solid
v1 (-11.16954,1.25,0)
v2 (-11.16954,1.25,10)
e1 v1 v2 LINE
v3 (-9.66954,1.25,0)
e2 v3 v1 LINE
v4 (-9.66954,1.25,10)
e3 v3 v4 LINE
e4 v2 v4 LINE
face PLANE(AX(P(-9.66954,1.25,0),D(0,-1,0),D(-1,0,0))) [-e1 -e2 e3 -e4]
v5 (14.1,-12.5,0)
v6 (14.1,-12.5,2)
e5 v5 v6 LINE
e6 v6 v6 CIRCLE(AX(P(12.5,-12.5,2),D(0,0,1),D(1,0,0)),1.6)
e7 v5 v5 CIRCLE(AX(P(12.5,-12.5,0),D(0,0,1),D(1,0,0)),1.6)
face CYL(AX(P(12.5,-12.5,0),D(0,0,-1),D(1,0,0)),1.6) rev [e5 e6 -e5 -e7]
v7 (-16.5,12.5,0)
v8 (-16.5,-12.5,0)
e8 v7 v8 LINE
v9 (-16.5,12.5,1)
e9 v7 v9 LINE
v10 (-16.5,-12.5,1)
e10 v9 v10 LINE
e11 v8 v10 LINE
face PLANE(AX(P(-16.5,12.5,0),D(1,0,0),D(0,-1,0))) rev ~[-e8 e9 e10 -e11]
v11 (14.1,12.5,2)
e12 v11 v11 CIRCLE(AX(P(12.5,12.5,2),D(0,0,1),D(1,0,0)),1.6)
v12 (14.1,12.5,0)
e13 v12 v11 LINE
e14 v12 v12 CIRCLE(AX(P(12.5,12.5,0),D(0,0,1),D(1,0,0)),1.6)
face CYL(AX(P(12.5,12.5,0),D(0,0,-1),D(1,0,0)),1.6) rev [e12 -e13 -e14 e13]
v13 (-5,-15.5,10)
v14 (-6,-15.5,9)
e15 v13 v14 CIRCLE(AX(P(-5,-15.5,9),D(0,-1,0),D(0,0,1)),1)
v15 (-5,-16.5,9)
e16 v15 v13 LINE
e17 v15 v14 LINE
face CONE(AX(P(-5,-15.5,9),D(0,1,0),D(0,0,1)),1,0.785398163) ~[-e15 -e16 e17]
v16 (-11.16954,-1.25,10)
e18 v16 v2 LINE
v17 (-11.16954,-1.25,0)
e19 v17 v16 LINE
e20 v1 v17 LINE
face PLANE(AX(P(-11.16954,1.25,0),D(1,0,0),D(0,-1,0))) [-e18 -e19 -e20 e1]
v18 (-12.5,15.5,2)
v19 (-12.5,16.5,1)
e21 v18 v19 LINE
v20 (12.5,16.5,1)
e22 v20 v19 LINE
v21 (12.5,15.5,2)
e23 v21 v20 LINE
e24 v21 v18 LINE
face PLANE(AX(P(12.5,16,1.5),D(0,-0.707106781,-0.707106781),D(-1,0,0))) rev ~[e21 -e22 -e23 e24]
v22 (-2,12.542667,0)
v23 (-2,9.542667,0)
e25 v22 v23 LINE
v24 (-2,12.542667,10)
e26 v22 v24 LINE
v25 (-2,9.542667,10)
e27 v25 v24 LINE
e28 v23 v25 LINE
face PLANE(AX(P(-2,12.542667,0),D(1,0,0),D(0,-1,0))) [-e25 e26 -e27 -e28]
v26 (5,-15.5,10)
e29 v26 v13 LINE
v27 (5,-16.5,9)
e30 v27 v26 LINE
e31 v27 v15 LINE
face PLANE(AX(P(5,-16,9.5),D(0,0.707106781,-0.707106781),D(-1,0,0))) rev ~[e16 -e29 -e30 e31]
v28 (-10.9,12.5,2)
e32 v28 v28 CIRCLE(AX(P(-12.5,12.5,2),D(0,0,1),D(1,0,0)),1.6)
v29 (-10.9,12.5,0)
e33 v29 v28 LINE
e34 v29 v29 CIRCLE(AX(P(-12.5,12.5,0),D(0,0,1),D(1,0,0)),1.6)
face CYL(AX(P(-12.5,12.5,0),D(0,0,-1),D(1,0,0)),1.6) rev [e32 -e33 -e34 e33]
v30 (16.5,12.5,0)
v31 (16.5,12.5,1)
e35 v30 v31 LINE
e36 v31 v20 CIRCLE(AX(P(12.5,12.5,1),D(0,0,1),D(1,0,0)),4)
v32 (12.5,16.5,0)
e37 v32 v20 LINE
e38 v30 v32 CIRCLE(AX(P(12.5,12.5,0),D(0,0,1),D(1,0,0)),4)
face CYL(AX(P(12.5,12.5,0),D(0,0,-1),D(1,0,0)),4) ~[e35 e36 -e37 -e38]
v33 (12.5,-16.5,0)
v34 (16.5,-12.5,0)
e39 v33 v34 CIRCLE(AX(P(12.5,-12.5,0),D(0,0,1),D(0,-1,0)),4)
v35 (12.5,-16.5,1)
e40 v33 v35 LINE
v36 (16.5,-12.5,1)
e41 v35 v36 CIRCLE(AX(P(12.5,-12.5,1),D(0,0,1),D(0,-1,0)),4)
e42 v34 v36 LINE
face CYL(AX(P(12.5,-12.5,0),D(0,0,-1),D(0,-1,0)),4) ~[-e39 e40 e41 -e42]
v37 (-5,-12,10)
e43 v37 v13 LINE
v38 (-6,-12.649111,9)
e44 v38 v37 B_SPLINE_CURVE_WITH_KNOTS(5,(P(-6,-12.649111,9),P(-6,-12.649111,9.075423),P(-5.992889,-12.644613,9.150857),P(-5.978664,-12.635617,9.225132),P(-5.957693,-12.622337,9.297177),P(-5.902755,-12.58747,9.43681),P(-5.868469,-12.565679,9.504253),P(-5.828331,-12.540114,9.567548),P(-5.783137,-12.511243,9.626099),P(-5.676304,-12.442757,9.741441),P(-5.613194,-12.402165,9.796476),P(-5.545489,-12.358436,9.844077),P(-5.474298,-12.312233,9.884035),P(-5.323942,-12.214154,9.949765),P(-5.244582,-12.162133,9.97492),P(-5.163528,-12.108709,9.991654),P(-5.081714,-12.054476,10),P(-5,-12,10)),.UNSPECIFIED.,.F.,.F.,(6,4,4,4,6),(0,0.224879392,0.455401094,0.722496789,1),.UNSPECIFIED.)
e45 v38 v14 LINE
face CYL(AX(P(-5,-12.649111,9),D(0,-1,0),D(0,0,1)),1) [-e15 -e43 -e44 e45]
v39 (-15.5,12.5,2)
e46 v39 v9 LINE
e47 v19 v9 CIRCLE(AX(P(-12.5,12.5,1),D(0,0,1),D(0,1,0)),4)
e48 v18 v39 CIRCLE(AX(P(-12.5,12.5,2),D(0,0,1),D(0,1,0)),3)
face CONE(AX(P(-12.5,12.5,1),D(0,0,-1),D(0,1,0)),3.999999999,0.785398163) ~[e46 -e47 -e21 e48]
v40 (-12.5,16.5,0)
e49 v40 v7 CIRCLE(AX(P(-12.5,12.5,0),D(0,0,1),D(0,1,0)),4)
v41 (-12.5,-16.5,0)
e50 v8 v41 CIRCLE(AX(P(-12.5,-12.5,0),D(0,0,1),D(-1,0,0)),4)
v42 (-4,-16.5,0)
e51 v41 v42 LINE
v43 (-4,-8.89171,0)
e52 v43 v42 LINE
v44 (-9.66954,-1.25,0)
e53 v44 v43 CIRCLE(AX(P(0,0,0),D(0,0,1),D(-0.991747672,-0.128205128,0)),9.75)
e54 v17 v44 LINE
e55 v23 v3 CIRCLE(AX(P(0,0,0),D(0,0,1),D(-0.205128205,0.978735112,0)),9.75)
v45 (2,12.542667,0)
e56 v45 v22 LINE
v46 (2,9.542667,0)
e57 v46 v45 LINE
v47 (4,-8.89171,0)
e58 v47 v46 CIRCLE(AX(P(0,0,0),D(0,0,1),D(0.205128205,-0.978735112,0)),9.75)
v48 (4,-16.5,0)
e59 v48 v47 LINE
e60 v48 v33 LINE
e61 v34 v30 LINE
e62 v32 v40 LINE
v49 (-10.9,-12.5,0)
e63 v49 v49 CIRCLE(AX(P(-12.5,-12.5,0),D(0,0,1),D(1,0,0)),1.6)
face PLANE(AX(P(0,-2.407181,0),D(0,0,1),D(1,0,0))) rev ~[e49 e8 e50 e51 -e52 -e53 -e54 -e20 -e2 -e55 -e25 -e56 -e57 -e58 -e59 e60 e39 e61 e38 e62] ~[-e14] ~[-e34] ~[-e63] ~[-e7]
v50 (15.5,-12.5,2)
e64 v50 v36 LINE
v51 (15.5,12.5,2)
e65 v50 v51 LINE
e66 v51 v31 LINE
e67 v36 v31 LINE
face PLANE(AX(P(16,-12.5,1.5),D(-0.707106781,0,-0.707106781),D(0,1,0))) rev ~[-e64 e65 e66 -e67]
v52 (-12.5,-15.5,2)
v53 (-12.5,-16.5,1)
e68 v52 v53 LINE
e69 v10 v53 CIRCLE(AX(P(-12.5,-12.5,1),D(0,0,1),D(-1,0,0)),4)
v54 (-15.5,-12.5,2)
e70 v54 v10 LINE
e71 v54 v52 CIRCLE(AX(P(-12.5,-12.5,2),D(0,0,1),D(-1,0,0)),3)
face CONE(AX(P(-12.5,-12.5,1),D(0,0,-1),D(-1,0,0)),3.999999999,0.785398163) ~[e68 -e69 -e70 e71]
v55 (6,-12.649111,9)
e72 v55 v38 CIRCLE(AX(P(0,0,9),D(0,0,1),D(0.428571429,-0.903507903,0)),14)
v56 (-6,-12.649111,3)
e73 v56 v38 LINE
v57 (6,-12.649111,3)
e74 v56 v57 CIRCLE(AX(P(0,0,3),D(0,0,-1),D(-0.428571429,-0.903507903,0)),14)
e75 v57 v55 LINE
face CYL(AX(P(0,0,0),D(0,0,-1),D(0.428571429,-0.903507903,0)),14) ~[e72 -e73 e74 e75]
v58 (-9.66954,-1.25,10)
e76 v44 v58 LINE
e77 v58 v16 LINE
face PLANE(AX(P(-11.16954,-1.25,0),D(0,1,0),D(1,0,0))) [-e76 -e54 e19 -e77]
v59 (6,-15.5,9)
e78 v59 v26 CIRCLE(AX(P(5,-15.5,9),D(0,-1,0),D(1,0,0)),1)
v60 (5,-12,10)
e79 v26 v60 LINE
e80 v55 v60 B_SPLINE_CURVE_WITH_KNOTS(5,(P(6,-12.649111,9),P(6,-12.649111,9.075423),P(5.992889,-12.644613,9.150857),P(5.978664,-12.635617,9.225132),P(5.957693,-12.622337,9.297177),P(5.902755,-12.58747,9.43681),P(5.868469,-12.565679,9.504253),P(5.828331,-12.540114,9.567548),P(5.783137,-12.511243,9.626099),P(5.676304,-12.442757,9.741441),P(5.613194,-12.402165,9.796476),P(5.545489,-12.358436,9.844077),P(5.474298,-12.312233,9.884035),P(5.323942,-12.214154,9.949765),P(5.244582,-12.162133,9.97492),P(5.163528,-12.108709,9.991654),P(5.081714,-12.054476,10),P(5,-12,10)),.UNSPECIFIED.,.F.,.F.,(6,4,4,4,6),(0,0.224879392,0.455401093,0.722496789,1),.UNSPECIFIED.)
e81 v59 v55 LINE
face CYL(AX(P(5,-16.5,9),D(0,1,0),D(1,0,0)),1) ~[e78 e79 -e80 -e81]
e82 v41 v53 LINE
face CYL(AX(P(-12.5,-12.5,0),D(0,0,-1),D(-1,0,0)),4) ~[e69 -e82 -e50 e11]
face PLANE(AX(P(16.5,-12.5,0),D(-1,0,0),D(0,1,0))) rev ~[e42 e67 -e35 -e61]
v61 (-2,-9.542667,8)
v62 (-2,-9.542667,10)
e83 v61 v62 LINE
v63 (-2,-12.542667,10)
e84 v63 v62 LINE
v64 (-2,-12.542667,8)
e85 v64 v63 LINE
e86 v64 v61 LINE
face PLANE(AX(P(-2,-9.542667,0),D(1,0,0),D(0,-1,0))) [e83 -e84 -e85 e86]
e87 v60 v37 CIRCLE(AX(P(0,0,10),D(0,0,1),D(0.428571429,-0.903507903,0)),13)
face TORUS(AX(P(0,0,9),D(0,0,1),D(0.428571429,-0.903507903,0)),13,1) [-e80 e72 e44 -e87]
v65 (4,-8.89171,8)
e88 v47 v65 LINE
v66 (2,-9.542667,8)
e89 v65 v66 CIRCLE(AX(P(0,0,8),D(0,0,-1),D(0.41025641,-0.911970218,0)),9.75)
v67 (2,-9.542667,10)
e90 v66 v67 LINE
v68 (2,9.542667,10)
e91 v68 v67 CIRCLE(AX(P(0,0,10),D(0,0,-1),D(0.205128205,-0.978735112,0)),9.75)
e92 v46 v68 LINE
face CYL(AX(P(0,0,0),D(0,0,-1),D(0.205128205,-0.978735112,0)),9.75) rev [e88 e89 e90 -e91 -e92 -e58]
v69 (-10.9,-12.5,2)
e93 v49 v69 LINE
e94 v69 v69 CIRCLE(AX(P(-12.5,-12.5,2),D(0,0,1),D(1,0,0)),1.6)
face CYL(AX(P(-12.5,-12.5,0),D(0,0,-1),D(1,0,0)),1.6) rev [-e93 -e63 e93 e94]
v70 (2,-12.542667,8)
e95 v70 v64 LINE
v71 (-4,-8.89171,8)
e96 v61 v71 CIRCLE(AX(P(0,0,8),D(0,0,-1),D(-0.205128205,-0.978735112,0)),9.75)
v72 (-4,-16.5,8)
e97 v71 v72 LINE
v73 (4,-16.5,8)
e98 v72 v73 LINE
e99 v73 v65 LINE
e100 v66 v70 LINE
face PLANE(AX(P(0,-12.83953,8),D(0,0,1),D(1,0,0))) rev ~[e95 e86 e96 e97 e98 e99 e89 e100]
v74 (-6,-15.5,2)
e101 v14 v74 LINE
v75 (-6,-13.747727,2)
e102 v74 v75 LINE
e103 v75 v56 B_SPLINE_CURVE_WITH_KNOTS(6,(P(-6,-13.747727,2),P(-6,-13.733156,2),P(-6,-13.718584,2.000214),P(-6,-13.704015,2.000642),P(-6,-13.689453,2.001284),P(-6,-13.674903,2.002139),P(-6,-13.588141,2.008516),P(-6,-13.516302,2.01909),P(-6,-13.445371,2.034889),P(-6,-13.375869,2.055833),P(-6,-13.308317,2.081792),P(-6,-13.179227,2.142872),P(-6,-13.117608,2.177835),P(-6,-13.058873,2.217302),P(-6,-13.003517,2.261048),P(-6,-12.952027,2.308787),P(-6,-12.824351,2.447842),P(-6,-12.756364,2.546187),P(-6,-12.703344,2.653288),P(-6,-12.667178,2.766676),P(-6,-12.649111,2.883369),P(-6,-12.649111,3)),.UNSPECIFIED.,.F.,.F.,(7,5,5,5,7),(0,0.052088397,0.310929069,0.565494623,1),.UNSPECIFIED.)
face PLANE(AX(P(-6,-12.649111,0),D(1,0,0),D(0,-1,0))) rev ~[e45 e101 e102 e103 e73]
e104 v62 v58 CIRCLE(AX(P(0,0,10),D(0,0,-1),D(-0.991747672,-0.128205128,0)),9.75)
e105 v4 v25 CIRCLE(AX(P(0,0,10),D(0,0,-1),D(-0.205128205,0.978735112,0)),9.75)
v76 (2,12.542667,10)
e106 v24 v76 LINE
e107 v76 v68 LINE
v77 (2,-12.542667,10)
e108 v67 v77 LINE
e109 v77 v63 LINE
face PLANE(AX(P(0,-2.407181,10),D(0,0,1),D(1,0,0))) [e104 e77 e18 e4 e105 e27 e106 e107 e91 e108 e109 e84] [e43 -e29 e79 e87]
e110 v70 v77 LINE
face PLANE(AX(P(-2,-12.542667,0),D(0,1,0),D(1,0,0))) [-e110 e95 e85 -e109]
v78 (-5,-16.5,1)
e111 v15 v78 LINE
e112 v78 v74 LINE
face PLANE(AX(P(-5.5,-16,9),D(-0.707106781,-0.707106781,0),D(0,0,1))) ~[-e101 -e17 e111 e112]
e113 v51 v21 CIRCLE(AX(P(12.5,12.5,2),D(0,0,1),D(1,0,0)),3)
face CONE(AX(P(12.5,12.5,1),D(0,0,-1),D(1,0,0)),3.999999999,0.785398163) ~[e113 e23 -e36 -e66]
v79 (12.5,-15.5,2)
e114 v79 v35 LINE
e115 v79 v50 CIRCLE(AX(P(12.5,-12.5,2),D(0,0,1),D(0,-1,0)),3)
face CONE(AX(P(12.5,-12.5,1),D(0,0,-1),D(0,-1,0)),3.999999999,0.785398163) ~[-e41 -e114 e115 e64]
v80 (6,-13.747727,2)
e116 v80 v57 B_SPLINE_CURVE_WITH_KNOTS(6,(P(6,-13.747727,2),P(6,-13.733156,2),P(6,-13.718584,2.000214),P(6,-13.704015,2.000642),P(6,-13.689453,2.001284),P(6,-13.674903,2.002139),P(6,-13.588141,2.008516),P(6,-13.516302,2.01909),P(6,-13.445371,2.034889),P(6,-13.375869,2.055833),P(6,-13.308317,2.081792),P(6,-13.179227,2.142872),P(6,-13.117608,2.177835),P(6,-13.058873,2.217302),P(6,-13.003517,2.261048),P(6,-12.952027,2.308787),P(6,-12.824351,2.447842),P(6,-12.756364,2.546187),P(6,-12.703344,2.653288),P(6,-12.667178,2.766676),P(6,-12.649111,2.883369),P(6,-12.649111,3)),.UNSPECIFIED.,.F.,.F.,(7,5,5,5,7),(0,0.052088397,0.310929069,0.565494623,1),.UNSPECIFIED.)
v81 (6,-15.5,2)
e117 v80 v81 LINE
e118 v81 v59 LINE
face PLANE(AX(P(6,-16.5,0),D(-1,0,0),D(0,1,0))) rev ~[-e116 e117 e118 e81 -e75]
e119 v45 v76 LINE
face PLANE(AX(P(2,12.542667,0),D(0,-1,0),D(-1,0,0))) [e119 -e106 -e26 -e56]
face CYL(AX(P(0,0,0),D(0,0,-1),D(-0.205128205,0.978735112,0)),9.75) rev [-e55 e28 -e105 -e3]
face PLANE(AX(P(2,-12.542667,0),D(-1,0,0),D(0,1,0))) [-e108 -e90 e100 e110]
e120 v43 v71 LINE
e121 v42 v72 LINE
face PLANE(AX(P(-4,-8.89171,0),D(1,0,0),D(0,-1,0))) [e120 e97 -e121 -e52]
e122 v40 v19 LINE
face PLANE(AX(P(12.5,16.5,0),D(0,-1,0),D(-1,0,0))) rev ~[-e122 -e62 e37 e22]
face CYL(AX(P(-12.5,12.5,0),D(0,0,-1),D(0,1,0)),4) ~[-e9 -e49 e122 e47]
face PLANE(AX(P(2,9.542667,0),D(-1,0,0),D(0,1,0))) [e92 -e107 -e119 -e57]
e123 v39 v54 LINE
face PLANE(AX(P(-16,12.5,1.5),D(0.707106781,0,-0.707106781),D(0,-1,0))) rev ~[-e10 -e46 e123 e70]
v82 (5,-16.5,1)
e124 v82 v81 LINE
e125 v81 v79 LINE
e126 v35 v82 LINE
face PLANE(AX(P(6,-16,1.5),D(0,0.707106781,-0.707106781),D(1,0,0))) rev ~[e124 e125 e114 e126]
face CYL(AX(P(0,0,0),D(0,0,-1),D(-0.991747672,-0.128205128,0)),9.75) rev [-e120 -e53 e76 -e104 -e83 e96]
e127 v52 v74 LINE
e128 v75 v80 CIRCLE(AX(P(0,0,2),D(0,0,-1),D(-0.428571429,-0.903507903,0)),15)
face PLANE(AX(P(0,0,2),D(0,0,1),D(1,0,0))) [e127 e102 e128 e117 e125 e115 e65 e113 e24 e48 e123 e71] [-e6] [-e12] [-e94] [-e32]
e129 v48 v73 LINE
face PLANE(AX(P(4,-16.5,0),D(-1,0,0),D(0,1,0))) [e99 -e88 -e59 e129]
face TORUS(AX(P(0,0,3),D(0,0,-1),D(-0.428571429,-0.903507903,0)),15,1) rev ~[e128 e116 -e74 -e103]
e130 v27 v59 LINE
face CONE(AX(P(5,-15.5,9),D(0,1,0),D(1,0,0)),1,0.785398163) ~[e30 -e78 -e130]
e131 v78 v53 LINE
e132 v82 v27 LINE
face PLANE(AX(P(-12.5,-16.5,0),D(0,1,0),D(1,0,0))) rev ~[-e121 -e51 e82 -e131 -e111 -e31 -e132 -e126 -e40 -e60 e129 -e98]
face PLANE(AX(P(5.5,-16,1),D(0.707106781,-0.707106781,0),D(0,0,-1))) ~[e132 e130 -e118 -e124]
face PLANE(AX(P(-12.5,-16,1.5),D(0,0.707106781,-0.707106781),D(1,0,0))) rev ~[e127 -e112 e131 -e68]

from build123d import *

# Parameters (mm, degrees)
SKETCH1_R           = 1.6
BOSS_EXTRUDE1_DEPTH = 2
BOSS_EXTRUDE3_DEPTH = 10
CUT_EXTRUDE2_DEPTH  = 26.38700455
CUT_EXTRUDE3_DEPTH  = 8
CHAMFER1_SIZE       = 1
FILLET4_R           = 1
CHAMFER2_SIZE       = 1


with BuildPart() as part:
    # Sketch1 → Boss-Extrude1 (new body)
    with BuildSketch(Plane.XY):
        with BuildLine():
            Line((-12.5, -16.5), (12.5, -16.5))
            ThreePointArc((12.5, -16.5), (15.328427125, -15.328427125), (16.5, -12.5))
            Line((16.5, -12.5), (16.5, 12.5))
            ThreePointArc((16.5, 12.5), (15.328427125, 15.328427125), (12.5, 16.5))
            Line((12.5, 16.5), (-12.5, 16.5))
            ThreePointArc((-12.5, 16.5), (-15.328427125, 15.328427125), (-16.5, 12.5))
            Line((-16.5, 12.5), (-16.5, -12.5))
            ThreePointArc((-16.5, -12.5), (-15.328427125, -15.328427125), (-12.5, -16.5))
        make_face()
        with Locations((-12.5, -12.5)):
            Circle(SKETCH1_R, mode=Mode.SUBTRACT)
        with Locations((12.5, -12.5)):
            Circle(SKETCH1_R, mode=Mode.SUBTRACT)
        with Locations((12.5, 12.5)):
            Circle(SKETCH1_R, mode=Mode.SUBTRACT)
        with Locations((-12.5, 12.5)):
            Circle(SKETCH1_R, mode=Mode.SUBTRACT)
    extrude(amount=BOSS_EXTRUDE1_DEPTH)

    # Sketch3 → Boss-Extrude3 (add)
    with BuildSketch(Plane.XY):
        with BuildLine():
            ThreePointArc((6, -12.649110641), (0, 14), (-6, -12.649110641))
            Line((-6, -12.649110641), (-6, -16.5))
            Line((-6, -16.5), (6, -16.5))
            Line((6, -16.5), (6, -12.649110641))
        make_face()
    extrude(amount=BOSS_EXTRUDE3_DEPTH)

    # Sketch3_3 → Cut-Extrude2 (cut, through all)
    with BuildSketch(Plane.XY):
        with BuildLine():
            Line((-11.169539803, -1.25), (-9.669539803, -1.25))
            ThreePointArc((-9.669539803, -1.25), (-7.15797616, -6.620111577), (-2, -9.542667342))
            Line((-2, -9.542667342), (-2, -12.542667342))
            Line((-2, -12.542667342), (2, -12.542667342))
            Line((2, -12.542667342), (2, -9.542667342))
            ThreePointArc((2, -9.542667342), (9.75, 0), (2, 9.542667342))
            Line((2, 9.542667342), (2, 12.542667342))
            Line((2, 12.542667342), (-2, 12.542667342))
            Line((-2, 12.542667342), (-2, 9.542667342))
            ThreePointArc((-2, 9.542667342), (-7.15797616, 6.620111577), (-9.669539803, 1.25))
            Line((-9.669539803, 1.25), (-11.169539803, 1.25))
            Line((-11.169539803, 1.25), (-11.169539803, -1.25))
        make_face()
    extrude(amount=CUT_EXTRUDE2_DEPTH, mode=Mode.SUBTRACT)

    # Sketch3_4 → Cut-Extrude3 (cut)
    with BuildSketch(Plane.XY):
        with BuildLine():
            ThreePointArc((-2, -9.542667342), (-3.017604429, -9.271276261), (-4, -8.891709622))
            Line((-4, -8.891709622), (-4, -16.5))
            Line((-4, -16.5), (4, -16.5))
            Line((4, -16.5), (4, -8.891709622))
            ThreePointArc((4, -8.891709622), (3.017604429, -9.271276261), (2, -9.542667342))
            Line((2, -9.542667342), (2, -12.542667342))
            Line((2, -12.542667342), (-2, -12.542667342))
            Line((-2, -12.542667342), (-2, -9.542667342))
        make_face()
    extrude(amount=CUT_EXTRUDE3_DEPTH, mode=Mode.SUBTRACT)

    # Chamfer1
    chamfer1_edges = [part.edges().sort_by_distance(p)[0] for p in [
        (-15.328427125, -15.328427125, 2),
        (-9.25, -16.5, 2),
        (15.328427125, -15.328427125, 2),
        (16.5, 0, 2),
        (15.328427125, 15.328427125, 2),
        (0, 16.5, 2),
        (9.25, -16.5, 2),
        (-15.328427125, 15.328427125, 2),
        (-16.5, 0, 2),
    ]]
    chamfer(chamfer1_edges, length=CHAMFER1_SIZE)

    # Fillet4
    fillet4_edges = [part.edges().sort_by_distance(p)[0] for p in [
        (0, 14, 2),
        (6, -14.57455532, 10),
        (0, 14, 10),
        (-6, -14.57455532, 10),
    ]]
    fillet(fillet4_edges, radius=FILLET4_R)

    # Chamfer2
    chamfer2_edges = [part.edges().sort_by_distance(p)[0] for p in [
        (-6, -16.5, 5),
        (6, -16.5, 5),
        (-5.707106781, -16.5, 9.707106781),
        (5.707106781, -16.5, 9.707106781),
        (0, -16.5, 10),
    ]]
    chamfer(chamfer2_edges, length=CHAMFER2_SIZE)


solid = part.part
